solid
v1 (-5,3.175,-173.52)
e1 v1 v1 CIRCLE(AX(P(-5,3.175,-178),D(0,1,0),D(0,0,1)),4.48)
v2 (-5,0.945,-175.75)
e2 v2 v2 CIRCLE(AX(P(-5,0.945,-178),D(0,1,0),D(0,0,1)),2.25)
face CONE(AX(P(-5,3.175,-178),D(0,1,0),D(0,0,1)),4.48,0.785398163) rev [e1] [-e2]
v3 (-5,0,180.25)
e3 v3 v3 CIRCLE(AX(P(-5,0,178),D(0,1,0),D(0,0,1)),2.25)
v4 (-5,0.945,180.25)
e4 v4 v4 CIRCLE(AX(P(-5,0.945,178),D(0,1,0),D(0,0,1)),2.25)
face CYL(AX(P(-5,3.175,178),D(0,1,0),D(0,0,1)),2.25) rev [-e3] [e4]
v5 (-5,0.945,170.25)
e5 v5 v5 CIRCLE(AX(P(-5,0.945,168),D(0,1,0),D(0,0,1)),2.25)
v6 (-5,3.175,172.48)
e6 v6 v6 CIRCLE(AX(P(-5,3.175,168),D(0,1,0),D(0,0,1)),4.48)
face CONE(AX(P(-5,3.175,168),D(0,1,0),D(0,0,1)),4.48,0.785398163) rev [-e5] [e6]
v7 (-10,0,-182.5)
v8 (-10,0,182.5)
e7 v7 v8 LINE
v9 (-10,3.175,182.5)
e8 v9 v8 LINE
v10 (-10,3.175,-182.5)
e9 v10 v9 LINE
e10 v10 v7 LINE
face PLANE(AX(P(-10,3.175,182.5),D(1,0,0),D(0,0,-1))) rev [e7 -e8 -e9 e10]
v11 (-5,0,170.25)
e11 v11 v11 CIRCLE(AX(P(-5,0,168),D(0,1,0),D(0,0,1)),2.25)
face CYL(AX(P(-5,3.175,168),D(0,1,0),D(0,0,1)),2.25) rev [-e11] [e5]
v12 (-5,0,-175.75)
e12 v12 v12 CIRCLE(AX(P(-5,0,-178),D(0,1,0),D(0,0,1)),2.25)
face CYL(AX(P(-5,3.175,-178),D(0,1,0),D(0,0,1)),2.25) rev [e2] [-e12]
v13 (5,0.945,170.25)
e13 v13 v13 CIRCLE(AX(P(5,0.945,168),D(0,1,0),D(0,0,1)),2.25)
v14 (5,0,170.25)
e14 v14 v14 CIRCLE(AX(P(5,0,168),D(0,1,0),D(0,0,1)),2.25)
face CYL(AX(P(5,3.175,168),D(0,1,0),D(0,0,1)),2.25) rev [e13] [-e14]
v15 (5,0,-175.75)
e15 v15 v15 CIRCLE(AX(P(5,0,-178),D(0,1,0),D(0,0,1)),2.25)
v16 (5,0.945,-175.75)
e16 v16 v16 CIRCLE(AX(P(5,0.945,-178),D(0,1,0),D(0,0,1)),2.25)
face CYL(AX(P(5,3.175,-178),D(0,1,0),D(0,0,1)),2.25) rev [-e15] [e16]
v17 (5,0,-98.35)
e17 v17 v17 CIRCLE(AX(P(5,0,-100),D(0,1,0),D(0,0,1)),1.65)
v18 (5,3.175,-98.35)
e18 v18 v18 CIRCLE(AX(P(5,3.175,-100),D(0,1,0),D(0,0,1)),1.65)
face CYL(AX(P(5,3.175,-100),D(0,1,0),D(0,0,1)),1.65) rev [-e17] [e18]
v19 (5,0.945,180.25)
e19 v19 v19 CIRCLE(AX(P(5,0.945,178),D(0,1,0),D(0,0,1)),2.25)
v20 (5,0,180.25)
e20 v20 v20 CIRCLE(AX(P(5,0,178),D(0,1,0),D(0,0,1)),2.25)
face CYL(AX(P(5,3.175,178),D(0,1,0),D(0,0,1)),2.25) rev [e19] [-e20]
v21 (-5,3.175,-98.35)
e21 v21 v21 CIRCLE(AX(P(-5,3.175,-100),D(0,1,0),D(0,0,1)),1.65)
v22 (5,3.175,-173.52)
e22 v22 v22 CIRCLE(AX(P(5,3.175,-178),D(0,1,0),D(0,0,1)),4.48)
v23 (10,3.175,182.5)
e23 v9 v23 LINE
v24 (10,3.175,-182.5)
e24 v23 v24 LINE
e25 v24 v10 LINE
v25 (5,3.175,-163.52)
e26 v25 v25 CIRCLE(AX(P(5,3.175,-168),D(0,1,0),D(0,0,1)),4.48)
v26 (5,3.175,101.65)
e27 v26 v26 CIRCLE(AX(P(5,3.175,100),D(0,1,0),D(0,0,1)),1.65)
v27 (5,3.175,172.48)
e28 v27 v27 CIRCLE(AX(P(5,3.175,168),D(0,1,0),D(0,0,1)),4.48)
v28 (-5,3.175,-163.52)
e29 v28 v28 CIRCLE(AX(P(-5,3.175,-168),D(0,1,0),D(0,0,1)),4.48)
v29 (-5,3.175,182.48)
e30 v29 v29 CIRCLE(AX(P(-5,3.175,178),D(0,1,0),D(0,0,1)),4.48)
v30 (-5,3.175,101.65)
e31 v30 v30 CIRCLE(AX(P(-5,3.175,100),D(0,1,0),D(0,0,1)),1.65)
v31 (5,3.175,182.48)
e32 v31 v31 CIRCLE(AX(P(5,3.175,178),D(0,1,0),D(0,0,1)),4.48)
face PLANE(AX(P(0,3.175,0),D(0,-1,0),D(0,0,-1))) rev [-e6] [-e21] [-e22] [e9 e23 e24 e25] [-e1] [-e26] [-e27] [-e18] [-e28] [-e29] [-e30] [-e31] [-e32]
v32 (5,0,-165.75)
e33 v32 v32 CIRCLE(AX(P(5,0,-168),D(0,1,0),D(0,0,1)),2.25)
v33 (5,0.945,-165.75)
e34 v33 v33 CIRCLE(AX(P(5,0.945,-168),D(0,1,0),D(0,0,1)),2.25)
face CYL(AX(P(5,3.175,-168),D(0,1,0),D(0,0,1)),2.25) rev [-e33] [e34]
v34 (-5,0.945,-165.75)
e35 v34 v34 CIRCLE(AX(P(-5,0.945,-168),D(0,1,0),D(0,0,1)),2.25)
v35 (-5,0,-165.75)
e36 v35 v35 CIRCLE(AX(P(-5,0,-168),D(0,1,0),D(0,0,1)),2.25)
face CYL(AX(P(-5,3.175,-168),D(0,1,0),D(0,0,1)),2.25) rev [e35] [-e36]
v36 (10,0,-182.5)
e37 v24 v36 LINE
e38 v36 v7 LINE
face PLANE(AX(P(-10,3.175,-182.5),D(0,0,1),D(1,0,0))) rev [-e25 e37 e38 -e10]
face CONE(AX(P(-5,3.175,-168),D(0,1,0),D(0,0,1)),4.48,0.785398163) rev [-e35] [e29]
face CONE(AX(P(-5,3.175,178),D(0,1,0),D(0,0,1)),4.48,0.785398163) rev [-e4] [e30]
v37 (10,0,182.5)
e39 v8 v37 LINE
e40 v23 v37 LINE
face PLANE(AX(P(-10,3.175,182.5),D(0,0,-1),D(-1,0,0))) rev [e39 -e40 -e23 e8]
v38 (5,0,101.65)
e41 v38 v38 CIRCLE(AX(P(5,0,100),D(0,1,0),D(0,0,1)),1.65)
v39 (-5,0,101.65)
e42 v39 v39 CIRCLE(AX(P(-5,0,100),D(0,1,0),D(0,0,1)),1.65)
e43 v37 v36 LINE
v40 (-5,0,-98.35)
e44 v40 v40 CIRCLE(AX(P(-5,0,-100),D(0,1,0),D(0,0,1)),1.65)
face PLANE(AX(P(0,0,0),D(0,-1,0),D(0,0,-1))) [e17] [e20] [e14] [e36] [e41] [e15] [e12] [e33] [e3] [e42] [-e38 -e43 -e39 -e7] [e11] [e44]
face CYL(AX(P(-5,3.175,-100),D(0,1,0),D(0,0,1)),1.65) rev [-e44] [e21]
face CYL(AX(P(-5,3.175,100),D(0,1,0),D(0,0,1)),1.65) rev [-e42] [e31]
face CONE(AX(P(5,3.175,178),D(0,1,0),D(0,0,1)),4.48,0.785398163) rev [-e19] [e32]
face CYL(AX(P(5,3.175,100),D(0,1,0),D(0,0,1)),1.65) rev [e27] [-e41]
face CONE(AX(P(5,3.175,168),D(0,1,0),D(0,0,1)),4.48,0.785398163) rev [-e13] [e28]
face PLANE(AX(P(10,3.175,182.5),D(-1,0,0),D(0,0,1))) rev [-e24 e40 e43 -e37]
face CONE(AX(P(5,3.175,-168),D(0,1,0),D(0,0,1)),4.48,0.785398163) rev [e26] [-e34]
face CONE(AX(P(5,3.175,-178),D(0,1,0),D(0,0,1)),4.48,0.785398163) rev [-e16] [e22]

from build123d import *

# Parameters (mm, degrees)
SKETCH1_W                    = 20
SKETCH1_H                    = 365
BOSS_EXTRUDE1_DEPTH          = 3.175
CSK_FOR_M4_SFHCS1_AT_2_COUNT = 2
CSK_FOR_M4_SFHCS1_AT_2_PITCH = 14.142135624
CSK_FOR_M4_SFHCS1_AT_3_COUNT = 2
CSK_FOR_M4_SFHCS1_AT_3_PITCH = 10
CSK_FOR_M4_SFHCS1_AT_4_COUNT = 2
CSK_FOR_M4_SFHCS1_AT_4_PITCH = 10
CSK_FOR_M4_SFHCS1_AT_5_COUNT = 2
CSK_FOR_M4_SFHCS1_AT_5_PITCH = 346
CSK_FOR_M4_SFHCS1_AT_6_COUNT = 2
CSK_FOR_M4_SFHCS1_AT_6_PITCH = 336.148776586
CSK_FOR_M4_SFHCS1_AT_7_COUNT = 2
CSK_FOR_M4_SFHCS1_AT_7_PITCH = 346.144478506
CSK_FOR_M4_SFHCS1_AT_8_COUNT = 2
CSK_FOR_M4_SFHCS1_AT_8_PITCH = 336
M4X0_7_TAPPED_HOLE1_D        = 3.3


with BuildPart() as part:
    # Sketch1 → Boss-Extrude1 (new body)
    with BuildSketch(Plane(origin=(0, 0, 0), x_dir=(1, 0, 0), z_dir=(0, 1, 0))):
        Rectangle(SKETCH1_W, SKETCH1_H)
    extrude(amount=BOSS_EXTRUDE1_DEPTH)

    # Sketch3 → CSK for M4 SFHCS1 (revolve, cut)
    with BuildSketch(Plane(origin=(5, 3.175, 168), x_dir=(0, 0, 1), z_dir=(1, 0, 0))):
        Polygon((0, 0), (0, 3.175), (2.25, 3.175), (2.25, 2.23), (4.48, 0), align=None)
    csk_for_m4_sfhcs1 = revolve(axis=Axis((5, 9.525, 168), (0, -1, 0)), mode=Mode.SUBTRACT)

    # CSK for M4 SFHCS1 at 2: CSK for M4 SFHCS1 ×2
    with Locations(*[Vector(-0.7071067811865469, 0, 0.7071067811865482) * (i * CSK_FOR_M4_SFHCS1_AT_2_PITCH) for i in range(1, CSK_FOR_M4_SFHCS1_AT_2_COUNT)]):
        add(csk_for_m4_sfhcs1, mode=Mode.SUBTRACT)

    # CSK for M4 SFHCS1 at 3: CSK for M4 SFHCS1 ×2
    with Locations(*[(-i * CSK_FOR_M4_SFHCS1_AT_3_PITCH, 0, 0) for i in range(1, CSK_FOR_M4_SFHCS1_AT_3_COUNT)]):
        add(csk_for_m4_sfhcs1, mode=Mode.SUBTRACT)

    # CSK for M4 SFHCS1 at 4: CSK for M4 SFHCS1 ×2
    with Locations(*[(0, 0, i * CSK_FOR_M4_SFHCS1_AT_4_PITCH) for i in range(1, CSK_FOR_M4_SFHCS1_AT_4_COUNT)]):
        add(csk_for_m4_sfhcs1, mode=Mode.SUBTRACT)

    # CSK for M4 SFHCS1 at 5: CSK for M4 SFHCS1 ×2
    with Locations(*[(0, 0, -i * CSK_FOR_M4_SFHCS1_AT_5_PITCH) for i in range(1, CSK_FOR_M4_SFHCS1_AT_5_COUNT)]):
        add(csk_for_m4_sfhcs1, mode=Mode.SUBTRACT)

    # CSK for M4 SFHCS1 at 6: CSK for M4 SFHCS1 ×2
    with Locations(*[Vector(-0.029748732396333223, 0, -0.9995574085167952) * (i * CSK_FOR_M4_SFHCS1_AT_6_PITCH) for i in range(1, CSK_FOR_M4_SFHCS1_AT_6_COUNT)]):
        add(csk_for_m4_sfhcs1, mode=Mode.SUBTRACT)

    # CSK for M4 SFHCS1 at 7: CSK for M4 SFHCS1 ×2
    with Locations(*[Vector(-0.028889670703889703, 0, -0.9995826063545828) * (i * CSK_FOR_M4_SFHCS1_AT_7_PITCH) for i in range(1, CSK_FOR_M4_SFHCS1_AT_7_COUNT)]):
        add(csk_for_m4_sfhcs1, mode=Mode.SUBTRACT)

    # CSK for M4 SFHCS1 at 8: CSK for M4 SFHCS1 ×2
    with Locations(*[(0, 0, -i * CSK_FOR_M4_SFHCS1_AT_8_PITCH) for i in range(1, CSK_FOR_M4_SFHCS1_AT_8_COUNT)]):
        add(csk_for_m4_sfhcs1, mode=Mode.SUBTRACT)

    # M4x0.7 Tapped Hole1 (through all)
    with Locations(Plane(origin=(0, 3.175, 0), x_dir=(1, 0, 0), z_dir=(0, 1, 0))):
        with Locations((-5, -100), (-5, 100), (5, 100), (5, -100)):
            Hole(M4X0_7_TAPPED_HOLE1_D / 2)


solid = part.part
